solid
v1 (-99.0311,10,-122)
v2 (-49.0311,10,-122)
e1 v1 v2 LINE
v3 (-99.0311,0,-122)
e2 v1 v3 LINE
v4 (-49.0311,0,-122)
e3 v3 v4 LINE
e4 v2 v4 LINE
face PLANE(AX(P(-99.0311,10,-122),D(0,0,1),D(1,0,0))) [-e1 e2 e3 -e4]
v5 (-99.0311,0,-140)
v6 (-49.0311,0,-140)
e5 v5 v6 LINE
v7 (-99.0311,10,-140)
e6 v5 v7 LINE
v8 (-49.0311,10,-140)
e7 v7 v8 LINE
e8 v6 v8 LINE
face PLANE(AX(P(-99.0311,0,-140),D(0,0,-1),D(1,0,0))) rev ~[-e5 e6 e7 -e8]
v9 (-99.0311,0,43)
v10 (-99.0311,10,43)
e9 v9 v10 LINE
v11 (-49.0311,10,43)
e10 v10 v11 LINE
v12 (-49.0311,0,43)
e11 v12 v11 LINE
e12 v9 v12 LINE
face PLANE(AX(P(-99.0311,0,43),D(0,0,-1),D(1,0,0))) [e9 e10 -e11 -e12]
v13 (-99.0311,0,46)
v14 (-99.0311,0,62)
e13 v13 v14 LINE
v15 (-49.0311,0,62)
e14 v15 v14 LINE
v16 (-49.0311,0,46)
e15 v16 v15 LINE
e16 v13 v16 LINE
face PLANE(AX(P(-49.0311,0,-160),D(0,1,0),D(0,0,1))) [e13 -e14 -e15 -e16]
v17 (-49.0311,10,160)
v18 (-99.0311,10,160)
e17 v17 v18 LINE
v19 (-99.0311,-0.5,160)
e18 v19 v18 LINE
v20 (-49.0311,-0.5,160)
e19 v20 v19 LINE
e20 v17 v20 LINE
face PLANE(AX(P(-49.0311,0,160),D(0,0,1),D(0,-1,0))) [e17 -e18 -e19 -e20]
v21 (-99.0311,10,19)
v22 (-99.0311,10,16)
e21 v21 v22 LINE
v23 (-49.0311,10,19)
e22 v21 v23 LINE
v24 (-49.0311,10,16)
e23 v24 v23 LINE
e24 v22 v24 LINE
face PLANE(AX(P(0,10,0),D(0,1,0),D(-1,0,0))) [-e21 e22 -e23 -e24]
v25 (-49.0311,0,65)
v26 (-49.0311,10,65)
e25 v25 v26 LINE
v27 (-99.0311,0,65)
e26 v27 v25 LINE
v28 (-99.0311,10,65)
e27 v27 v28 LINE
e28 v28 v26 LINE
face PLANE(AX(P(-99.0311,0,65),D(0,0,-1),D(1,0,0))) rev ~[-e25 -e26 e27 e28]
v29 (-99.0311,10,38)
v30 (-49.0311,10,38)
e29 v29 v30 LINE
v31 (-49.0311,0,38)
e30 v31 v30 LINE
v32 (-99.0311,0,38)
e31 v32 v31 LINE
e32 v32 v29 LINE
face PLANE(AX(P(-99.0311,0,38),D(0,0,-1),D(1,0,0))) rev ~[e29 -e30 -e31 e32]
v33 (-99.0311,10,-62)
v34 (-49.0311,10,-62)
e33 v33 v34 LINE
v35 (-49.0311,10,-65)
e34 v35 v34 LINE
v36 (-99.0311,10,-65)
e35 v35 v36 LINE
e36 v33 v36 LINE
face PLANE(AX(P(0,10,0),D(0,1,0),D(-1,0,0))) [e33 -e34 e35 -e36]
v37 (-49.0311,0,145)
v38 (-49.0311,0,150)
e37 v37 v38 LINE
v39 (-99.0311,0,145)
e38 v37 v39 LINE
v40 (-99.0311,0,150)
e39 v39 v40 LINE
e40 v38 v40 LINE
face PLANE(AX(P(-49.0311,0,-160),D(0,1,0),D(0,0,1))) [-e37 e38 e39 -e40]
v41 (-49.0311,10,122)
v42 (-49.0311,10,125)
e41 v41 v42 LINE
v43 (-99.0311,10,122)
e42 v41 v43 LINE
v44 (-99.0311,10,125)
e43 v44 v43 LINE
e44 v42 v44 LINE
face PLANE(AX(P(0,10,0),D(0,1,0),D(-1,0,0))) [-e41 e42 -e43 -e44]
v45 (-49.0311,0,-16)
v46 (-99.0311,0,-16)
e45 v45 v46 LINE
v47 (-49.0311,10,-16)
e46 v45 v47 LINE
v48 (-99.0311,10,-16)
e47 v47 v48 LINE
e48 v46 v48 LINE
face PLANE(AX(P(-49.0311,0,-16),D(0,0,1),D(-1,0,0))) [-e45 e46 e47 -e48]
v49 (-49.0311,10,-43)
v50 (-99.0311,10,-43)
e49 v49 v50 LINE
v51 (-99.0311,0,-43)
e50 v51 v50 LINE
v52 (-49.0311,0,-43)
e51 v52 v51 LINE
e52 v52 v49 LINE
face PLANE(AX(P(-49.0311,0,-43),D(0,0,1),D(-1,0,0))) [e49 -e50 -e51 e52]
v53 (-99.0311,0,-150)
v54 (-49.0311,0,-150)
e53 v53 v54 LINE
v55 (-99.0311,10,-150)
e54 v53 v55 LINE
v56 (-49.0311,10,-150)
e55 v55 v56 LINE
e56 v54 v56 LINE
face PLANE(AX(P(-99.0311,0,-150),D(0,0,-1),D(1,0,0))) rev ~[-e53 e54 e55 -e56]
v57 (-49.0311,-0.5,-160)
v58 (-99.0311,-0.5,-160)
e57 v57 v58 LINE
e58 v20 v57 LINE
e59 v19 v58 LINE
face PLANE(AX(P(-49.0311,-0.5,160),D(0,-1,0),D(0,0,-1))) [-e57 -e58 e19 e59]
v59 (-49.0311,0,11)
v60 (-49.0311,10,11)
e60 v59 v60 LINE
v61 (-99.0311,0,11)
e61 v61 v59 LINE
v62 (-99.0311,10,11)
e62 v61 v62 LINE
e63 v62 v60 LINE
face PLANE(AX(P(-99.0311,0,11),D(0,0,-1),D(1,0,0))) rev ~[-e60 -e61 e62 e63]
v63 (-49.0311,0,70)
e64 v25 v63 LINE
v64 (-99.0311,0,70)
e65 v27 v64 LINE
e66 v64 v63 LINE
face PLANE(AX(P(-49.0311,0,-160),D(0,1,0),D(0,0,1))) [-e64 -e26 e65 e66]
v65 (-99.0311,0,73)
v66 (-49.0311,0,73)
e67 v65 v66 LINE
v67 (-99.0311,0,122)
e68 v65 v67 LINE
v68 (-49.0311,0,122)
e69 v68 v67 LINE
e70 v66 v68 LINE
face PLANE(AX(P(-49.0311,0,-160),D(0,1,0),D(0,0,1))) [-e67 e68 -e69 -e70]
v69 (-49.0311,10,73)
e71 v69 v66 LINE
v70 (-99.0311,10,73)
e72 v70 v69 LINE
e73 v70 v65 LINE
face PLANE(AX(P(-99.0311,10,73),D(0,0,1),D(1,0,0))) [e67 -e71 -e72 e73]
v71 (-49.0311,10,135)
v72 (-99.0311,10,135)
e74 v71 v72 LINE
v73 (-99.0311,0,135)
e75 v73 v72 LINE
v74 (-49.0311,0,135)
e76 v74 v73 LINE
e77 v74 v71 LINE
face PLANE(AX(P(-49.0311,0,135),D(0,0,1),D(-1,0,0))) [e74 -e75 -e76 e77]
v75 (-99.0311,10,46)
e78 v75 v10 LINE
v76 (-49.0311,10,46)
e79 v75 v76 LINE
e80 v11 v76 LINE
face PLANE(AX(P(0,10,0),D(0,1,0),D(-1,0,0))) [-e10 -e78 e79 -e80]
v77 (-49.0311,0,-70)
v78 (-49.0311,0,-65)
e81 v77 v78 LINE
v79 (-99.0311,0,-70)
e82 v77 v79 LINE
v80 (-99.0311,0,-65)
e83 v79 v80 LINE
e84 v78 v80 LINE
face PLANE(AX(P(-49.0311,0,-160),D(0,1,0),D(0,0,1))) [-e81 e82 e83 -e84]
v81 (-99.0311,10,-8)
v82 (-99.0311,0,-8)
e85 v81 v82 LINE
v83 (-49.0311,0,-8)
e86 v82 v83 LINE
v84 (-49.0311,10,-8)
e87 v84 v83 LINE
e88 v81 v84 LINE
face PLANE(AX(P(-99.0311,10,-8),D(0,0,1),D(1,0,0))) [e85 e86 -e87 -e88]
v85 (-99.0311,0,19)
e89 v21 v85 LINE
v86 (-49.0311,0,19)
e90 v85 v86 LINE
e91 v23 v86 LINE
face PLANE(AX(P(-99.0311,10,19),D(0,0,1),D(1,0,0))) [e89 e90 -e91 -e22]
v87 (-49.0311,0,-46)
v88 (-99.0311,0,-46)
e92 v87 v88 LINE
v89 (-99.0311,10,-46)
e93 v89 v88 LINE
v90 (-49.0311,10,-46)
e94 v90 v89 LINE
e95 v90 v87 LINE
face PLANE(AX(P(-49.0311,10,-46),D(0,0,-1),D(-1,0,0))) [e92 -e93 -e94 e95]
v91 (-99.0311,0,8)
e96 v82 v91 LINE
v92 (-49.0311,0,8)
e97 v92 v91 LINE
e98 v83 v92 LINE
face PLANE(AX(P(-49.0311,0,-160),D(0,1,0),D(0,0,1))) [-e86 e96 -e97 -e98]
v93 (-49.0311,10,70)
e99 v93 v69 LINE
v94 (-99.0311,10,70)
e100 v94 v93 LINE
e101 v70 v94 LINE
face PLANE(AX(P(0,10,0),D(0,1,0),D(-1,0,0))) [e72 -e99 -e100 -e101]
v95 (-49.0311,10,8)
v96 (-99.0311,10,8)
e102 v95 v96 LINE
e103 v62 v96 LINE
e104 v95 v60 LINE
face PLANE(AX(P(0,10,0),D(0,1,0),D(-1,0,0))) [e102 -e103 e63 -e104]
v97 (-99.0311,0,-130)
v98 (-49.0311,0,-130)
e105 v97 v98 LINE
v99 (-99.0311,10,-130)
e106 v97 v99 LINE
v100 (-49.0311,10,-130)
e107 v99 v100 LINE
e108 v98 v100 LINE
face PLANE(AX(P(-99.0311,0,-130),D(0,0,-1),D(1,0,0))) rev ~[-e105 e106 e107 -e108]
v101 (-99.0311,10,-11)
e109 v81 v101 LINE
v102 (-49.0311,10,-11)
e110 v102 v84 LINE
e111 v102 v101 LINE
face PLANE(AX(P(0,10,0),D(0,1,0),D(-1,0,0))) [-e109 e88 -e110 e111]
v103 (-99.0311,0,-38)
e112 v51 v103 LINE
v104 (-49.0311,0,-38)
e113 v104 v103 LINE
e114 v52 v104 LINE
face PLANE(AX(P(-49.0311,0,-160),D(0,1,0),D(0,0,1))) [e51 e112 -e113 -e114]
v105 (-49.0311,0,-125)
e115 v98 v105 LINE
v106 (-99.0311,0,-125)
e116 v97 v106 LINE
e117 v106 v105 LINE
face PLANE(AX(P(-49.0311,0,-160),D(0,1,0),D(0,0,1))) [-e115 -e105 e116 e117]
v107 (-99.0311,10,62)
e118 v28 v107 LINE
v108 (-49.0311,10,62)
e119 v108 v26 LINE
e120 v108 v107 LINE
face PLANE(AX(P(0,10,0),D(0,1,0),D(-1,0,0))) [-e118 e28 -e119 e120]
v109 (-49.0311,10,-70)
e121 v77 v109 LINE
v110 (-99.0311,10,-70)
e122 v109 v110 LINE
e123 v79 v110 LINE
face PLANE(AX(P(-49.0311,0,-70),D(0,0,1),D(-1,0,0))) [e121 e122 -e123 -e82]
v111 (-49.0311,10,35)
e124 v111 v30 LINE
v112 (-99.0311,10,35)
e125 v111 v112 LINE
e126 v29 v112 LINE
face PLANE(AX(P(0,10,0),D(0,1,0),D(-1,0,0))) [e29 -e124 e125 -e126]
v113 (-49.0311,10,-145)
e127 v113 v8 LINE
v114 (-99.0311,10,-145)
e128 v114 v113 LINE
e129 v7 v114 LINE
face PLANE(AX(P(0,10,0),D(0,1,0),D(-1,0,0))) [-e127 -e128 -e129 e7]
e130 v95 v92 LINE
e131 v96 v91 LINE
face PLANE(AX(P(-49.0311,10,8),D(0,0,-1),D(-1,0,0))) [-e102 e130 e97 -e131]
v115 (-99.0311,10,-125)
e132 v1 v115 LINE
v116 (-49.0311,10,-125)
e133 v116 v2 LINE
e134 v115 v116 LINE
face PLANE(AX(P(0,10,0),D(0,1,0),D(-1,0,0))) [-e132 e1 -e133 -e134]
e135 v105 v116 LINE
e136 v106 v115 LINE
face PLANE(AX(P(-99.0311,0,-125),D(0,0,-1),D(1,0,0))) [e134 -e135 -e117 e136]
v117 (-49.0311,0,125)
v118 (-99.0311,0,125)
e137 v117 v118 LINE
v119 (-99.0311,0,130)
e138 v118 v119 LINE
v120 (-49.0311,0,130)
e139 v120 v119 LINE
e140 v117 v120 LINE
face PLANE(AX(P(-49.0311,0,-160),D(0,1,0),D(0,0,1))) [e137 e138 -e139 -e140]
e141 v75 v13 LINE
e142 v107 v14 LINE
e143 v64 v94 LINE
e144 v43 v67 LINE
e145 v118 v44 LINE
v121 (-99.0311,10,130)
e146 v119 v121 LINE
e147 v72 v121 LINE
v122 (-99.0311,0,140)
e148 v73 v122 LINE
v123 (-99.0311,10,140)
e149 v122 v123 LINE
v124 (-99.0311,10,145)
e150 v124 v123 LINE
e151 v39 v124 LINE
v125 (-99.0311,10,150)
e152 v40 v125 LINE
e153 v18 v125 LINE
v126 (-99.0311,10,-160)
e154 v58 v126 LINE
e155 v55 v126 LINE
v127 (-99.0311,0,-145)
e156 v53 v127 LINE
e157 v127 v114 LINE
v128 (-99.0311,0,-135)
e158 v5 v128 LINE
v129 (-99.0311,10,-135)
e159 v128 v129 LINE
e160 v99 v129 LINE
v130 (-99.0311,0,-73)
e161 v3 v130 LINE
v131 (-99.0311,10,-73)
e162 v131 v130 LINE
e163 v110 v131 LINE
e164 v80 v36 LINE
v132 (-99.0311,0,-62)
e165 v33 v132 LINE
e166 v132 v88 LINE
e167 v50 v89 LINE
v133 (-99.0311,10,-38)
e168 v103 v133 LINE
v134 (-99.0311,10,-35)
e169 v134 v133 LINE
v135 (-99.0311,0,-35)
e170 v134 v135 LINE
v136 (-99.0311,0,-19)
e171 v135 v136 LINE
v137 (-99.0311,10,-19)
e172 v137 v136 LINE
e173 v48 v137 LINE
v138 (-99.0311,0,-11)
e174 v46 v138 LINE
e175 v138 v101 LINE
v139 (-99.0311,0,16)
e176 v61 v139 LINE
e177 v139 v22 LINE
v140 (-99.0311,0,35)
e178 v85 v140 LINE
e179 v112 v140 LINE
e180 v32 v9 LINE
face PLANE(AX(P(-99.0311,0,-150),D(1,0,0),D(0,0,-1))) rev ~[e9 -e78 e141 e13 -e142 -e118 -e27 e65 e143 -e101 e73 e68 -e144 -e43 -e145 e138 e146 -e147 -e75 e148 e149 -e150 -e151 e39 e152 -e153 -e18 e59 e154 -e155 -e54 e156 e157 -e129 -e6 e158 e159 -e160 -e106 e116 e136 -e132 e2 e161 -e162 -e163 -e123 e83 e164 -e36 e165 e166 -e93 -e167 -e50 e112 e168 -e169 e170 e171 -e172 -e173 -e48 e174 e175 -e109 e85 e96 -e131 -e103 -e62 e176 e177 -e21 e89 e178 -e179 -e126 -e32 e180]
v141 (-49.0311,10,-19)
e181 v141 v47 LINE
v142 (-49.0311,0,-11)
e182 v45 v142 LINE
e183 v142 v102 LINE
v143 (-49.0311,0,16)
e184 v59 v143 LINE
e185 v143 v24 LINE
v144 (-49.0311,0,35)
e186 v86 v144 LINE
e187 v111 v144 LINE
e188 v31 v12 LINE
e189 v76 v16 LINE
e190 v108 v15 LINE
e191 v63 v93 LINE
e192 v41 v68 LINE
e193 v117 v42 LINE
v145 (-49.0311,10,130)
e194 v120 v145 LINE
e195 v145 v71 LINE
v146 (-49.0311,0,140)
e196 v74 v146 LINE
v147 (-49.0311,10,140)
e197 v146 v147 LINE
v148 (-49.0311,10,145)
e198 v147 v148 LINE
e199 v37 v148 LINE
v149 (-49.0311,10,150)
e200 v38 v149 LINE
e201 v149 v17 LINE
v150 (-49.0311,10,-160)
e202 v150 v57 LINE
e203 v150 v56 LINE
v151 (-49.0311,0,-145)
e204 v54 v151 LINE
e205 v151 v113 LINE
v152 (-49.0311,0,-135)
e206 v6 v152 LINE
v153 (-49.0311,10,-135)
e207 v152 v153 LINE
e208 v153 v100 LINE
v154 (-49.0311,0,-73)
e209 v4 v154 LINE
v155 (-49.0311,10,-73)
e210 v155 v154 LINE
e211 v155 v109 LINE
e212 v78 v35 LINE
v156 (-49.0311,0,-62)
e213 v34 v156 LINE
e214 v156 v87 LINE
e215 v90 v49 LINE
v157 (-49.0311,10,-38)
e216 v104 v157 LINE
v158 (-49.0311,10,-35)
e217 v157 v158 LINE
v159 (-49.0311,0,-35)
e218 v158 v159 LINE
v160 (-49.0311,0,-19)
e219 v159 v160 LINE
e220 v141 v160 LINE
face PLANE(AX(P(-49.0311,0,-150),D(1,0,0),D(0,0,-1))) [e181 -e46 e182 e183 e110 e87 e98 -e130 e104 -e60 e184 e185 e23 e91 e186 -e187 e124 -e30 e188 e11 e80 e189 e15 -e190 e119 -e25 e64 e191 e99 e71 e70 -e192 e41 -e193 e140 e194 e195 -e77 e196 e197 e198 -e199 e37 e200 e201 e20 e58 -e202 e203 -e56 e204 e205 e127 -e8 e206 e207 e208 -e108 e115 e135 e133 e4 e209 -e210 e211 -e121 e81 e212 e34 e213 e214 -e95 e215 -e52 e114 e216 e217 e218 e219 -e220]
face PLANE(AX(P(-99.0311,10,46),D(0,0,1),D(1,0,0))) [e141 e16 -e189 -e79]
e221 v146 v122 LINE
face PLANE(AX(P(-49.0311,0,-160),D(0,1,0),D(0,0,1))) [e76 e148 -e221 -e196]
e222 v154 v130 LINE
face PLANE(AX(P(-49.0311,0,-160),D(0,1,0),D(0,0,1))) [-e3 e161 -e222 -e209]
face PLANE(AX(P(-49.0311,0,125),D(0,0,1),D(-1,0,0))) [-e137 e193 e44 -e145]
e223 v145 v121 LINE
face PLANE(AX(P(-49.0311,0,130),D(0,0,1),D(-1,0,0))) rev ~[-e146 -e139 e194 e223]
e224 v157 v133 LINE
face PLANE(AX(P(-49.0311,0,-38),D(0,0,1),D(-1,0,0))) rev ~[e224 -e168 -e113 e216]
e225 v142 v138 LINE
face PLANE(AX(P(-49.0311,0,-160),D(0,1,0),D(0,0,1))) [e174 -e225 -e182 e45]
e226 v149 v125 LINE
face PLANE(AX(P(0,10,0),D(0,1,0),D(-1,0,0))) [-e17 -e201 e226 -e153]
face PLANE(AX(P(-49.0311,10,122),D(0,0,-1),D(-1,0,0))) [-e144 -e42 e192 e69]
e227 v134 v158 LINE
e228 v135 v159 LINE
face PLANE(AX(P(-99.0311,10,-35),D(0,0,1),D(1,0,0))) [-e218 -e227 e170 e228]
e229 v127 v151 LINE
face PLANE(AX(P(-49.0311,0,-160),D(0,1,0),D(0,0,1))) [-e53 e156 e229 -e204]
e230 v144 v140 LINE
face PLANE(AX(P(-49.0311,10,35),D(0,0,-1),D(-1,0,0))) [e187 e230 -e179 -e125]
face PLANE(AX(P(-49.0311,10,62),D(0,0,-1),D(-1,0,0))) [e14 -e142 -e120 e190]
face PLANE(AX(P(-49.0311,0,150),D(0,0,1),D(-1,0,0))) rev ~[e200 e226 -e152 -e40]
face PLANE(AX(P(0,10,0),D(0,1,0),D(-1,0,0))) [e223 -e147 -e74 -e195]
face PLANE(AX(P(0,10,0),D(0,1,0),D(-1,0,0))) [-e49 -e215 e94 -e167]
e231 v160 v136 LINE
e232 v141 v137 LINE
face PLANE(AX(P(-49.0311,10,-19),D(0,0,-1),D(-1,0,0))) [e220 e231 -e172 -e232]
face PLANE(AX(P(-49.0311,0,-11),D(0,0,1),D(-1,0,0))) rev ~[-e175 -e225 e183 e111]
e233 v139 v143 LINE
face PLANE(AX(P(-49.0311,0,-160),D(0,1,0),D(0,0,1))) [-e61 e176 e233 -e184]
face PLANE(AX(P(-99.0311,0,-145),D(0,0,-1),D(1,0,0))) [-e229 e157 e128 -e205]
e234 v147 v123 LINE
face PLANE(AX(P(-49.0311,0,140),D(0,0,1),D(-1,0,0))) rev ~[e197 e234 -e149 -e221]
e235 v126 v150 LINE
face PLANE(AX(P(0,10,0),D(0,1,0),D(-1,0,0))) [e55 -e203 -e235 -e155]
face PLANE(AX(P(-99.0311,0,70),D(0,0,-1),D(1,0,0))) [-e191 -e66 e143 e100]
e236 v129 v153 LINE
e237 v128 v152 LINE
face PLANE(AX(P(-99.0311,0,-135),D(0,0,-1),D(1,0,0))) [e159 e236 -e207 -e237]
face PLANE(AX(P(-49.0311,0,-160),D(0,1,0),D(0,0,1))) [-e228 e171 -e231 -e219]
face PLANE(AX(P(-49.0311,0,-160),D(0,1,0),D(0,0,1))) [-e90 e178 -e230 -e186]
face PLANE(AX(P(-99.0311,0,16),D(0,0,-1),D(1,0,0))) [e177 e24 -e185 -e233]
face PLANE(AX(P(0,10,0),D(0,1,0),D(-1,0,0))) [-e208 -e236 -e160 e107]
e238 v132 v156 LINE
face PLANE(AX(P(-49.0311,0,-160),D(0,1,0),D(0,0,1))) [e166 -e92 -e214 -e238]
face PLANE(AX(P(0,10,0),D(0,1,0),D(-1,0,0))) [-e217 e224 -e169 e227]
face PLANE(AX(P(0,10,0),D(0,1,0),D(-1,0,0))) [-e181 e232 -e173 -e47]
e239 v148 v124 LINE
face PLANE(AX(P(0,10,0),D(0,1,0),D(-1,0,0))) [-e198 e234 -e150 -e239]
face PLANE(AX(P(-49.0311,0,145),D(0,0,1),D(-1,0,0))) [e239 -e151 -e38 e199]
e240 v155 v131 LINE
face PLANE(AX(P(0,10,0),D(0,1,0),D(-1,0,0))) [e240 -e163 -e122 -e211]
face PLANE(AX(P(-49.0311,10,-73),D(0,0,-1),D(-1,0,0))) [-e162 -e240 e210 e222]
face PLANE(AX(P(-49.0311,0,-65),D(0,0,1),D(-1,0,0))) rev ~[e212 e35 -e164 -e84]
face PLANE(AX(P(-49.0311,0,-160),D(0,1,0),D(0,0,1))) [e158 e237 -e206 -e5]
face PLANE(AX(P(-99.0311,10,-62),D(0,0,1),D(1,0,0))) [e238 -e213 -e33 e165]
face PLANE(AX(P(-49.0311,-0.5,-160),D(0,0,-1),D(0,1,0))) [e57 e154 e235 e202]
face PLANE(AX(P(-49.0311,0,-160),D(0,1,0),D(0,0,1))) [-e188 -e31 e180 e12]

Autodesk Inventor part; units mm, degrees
ref_plane "YZ Plane" through (0, 0, 0) normal (1, 0, 0) x (0, 1, 0)
ref_plane "XZ Plane" through (0, 0, 0) normal (0, 1, 0) x (-1, 0, 0)
ref_plane "XY Plane" through (0, 0, 0) normal (0, 0, 1) x (1, 0, 0)
sketch "Sketch1" plane through (0, 0, 0) normal (0, 1, 0) x (-1, 0, 0)
  line L0 (49.0311, 150) -> (99.0311, 150)
  line L1 (49.0311, 145) -> (99.0311, 145)
  line L2 (99.0311, 16) -> (49.0311, 16)
  line L3 (99.0311, 11) -> (49.0311, 11)
  line L4 (49.0311, 135) -> (99.0311, 135)
  line L5 (49.0311, 140) -> (99.0311, 140)
  line L6 (99.0311, 43) -> (49.0311, 43)
  line L7 (99.0311, 38) -> (49.0311, 38)
  line L8 (49.0311, 125) -> (99.0311, 125)
  line L9 (99.0311, 70) -> (49.0311, 70)
  line L10 (49.0311, 130) -> (99.0311, 130)
  line L11 (99.0311, 65) -> (49.0311, 65)
  line L12 (49.0311, -11) -> (99.0311, -11)
  line L13 (99.0311, -150) -> (49.0311, -150)
  line L14 (49.0311, -16) -> (99.0311, -16)
  line L15 (99.0311, -145) -> (49.0311, -145)
  line L16 (49.0311, -38) -> (99.0311, -38)
  line L17 (99.0311, -140) -> (49.0311, -140)
  line L18 (49.0311, -43) -> (99.0311, -43)
  line L19 (99.0311, -135) -> (49.0311, -135)
  line L20 (49.0311, -65) -> (99.0311, -65)
  line L21 (49.0311, -70) -> (99.0311, -70)
  line L22 (99.0311, -125) -> (49.0311, -125)
  line L23 (99.0311, -130) -> (49.0311, -130)
  line L24 (99.0311, -160) -> (49.0311, -160)
  line L25 (49.0311, 160) -> (99.0311, 160)
  line L26 (99.0311, -231.4683) -> (49.0311, -231.4683) construction
  line L27 (49.0311, -231.4683) -> (49.0311, 236.8413) construction
  line L28 (49.0311, 236.8413) -> (99.0311, 236.8413) construction
  line L29 (99.0311, 236.8413) -> (99.0311, -231.4683) construction
  line L30 (99.0311, -160) -> (49.0311, -160)
  line L31 (49.0311, -160) -> (49.0311, 160)
  line L32 (49.0311, 160) -> (99.0311, 160)
  line L33 (99.0311, 160) -> (99.0311, -160)
  point P0 (-18.4221, 150)
  dimension "d3" = 5
  dimension "d5" = 5
  dimension "d7" = 5
  dimension "d9" = 5
  dimension "d14" = 5
  dimension "d16" = 5
  dimension "d18" = 5
  dimension "d20" = 22
  dimension "d22" = 5
  dimension "d30" = 5
  dimension "d32" = 5
  dimension "d38" = 5
  dimension "d40" = 5
  dimension "d43" = 5
  dimension "d48" = 5
  dimension "d49" = 5
  dimension "d56" = 10
  dimension "d58" = 10
  dimension "d63" = 50
extrude "Extrusion1" add sketch "Sketch1" along normal blind 10 contours L31 L25 L33 L0 | L1 L33 L5 L31 | L4 L33 L10 L31 | L8 L33 L9 L31 | L11 L33 L6 L31 | L7 L33 L2 L31 | L3 L33 L12 L31 | L14 L33 L16 L31 | L18 L33 L20 L31 | L21 L33 L22 L31 | L23 L33 L19 L31 | L17 L33 L15 L31 | L13 L33 L24 L31
sketch "Sketch2" plane through (0, 10, 0) normal (0, 1, 0) x (1, 0, 0)
  line L0 (-99.0311, 125) -> (-99.0311, 70) projected
  line L1 (-49.0311, 70) -> (-49.0311, 125) projected
  line L2 (-99.0311, 122) -> (-49.0311, 122)
  line L3 (-49.0311, 122) -> (-49.0311, 73)
  line L4 (-49.0311, 73) -> (-99.0311, 73)
  line L5 (-99.0311, 73) -> (-99.0311, 122)
  line L6 (-49.0311, 125) -> (-99.0311, 125) projected
  line L7 (-99.0311, 70) -> (-49.0311, 70) projected
  line L8 (-99.0311, 65) -> (-99.0311, 43) projected
  line L9 (-99.0311, 62) -> (-49.0311, 62)
  line L10 (-49.0311, 62) -> (-49.0311, 46)
  line L11 (-49.0311, 46) -> (-99.0311, 46)
  line L12 (-99.0311, 46) -> (-99.0311, 62)
  line L13 (-99.0311, 35) -> (-49.0311, 35)
  line L14 (-49.0311, 35) -> (-49.0311, 19)
  line L15 (-49.0311, 19) -> (-99.0311, 19)
  line L16 (-99.0311, 19) -> (-99.0311, 35)
  line L17 (-49.0311, -11) -> (-49.0311, 11) projected
  line L18 (-99.0311, 8) -> (-49.0311, 8)
  line L19 (-49.0311, 8) -> (-49.0311, -8)
  line L20 (-49.0311, -8) -> (-99.0311, -8)
  line L21 (-99.0311, -8) -> (-99.0311, 8)
  line L22 (-99.0311, -19) -> (-49.0311, -19)
  line L23 (-49.0311, -19) -> (-49.0311, -35)
  line L24 (-49.0311, -35) -> (-99.0311, -35)
  line L25 (-99.0311, -35) -> (-99.0311, -19)
  line L26 (-99.0311, -43) -> (-99.0311, -65) projected
  line L27 (-49.0311, -65) -> (-49.0311, -43) projected
  line L28 (-99.0311, -46) -> (-49.0311, -46)
  line L29 (-49.0311, -46) -> (-49.0311, -62)
  line L30 (-49.0311, -62) -> (-99.0311, -62)
  line L31 (-99.0311, -62) -> (-99.0311, -46)
  line L32 (-49.0311, -125) -> (-49.0311, -70) projected
  line L33 (-99.0311, -73) -> (-49.0311, -73)
  line L34 (-49.0311, -73) -> (-49.0311, -122)
  line L35 (-49.0311, -122) -> (-99.0311, -122)
  line L36 (-99.0311, -122) -> (-99.0311, -73)
  line L37 (-49.0311, 65) -> (-99.0311, 65) projected
  line L38 (-99.0311, 43) -> (-49.0311, 43) projected
  line L39 (-49.0311, 38) -> (-99.0311, 38) projected
  line L40 (-99.0311, 16) -> (-49.0311, 16) projected
  line L41 (-49.0311, 11) -> (-99.0311, 11) projected
  line L42 (-99.0311, -11) -> (-49.0311, -11) projected
  line L43 (-49.0311, -16) -> (-99.0311, -16) projected
  line L44 (-99.0311, -38) -> (-49.0311, -38) projected
  line L45 (-49.0311, -43) -> (-99.0311, -43) projected
  line L46 (-99.0311, -65) -> (-49.0311, -65) projected
  line L47 (-49.0311, -70) -> (-99.0311, -70) projected
  line L48 (-99.0311, -125) -> (-49.0311, -125) projected
  point P0 (0, 0)
  dimension "d66" = 3
  dimension "d67" = 3
  dimension "d68" = 3
  dimension "d69" = 3
  dimension "d70" = 3
  dimension "d71" = 3
  dimension "d72" = 3
  dimension "d73" = 3
  dimension "d74" = 3
  dimension "d75" = 3
  dimension "d76" = 3
  dimension "d77" = 3
  dimension "d78" = 3
  dimension "d79" = 3
extrude "Extrusion2" cut sketch "Sketch2" against normal blind 10 contours L2 L1 L4 L0 | L9 L10 L11 L8 | L13 L14 L15 L16 | L20 L21 L18 L17 | L22 L23 L24 L25 | L28 L27 L30 L26 | L35 L36 L33 L32
sketch "Sketch3" plane through (-49.0311, 0, -150) normal (1, 0, 0) x (0, 0, -1)
  line L0 (10, 0) -> (10, 10) projected
  line L1 (10, 0) -> (-310, 0)
  line L2 (-310, 0) -> (-310, -0.5)
  line L3 (-310, -0.5) -> (10, -0.5)
  line L4 (10, -0.5) -> (10, 0)
  point P0 (-150, 0)
  dimension "d82" = 0.5
extrude "Extrusion3" add sketch "Sketch3" against normal blind 50
equation "\"d3\" = d25"
equation "\"d5\" = d26"
equation "\"d7\" = d25"
equation "\"d9\" = d25"
equation "\"d14\" = d25"
equation "\"d16\" = d26"
equation "\"d18\" = d25"
equation "\"d20\" = d28"
equation "\"d22\" = d25"
equation "\"d30\" = d51"
equation "\"d32\" = d51"
equation "\"d38\" = d51"
equation "\"d40\" = d51"
equation "\"d43\" = d51"
equation "\"d48\" = d51"
equation "\"d49\" = d53"
equation "\"d25\" = 5"
equation "\"d26\" = 5"
equation "\"d28\" = -1.2 * d25 + 0.2 * d29"
equation "\"d51\" = 5"
equation "\"d53\" = 5"
equation "\"d54\" = -1.2 * d51 + 0.2 * d55"
equation "\"d29\" = 140"
equation "\"d55\" = 140"
properties part number "wire_holder_middle"
